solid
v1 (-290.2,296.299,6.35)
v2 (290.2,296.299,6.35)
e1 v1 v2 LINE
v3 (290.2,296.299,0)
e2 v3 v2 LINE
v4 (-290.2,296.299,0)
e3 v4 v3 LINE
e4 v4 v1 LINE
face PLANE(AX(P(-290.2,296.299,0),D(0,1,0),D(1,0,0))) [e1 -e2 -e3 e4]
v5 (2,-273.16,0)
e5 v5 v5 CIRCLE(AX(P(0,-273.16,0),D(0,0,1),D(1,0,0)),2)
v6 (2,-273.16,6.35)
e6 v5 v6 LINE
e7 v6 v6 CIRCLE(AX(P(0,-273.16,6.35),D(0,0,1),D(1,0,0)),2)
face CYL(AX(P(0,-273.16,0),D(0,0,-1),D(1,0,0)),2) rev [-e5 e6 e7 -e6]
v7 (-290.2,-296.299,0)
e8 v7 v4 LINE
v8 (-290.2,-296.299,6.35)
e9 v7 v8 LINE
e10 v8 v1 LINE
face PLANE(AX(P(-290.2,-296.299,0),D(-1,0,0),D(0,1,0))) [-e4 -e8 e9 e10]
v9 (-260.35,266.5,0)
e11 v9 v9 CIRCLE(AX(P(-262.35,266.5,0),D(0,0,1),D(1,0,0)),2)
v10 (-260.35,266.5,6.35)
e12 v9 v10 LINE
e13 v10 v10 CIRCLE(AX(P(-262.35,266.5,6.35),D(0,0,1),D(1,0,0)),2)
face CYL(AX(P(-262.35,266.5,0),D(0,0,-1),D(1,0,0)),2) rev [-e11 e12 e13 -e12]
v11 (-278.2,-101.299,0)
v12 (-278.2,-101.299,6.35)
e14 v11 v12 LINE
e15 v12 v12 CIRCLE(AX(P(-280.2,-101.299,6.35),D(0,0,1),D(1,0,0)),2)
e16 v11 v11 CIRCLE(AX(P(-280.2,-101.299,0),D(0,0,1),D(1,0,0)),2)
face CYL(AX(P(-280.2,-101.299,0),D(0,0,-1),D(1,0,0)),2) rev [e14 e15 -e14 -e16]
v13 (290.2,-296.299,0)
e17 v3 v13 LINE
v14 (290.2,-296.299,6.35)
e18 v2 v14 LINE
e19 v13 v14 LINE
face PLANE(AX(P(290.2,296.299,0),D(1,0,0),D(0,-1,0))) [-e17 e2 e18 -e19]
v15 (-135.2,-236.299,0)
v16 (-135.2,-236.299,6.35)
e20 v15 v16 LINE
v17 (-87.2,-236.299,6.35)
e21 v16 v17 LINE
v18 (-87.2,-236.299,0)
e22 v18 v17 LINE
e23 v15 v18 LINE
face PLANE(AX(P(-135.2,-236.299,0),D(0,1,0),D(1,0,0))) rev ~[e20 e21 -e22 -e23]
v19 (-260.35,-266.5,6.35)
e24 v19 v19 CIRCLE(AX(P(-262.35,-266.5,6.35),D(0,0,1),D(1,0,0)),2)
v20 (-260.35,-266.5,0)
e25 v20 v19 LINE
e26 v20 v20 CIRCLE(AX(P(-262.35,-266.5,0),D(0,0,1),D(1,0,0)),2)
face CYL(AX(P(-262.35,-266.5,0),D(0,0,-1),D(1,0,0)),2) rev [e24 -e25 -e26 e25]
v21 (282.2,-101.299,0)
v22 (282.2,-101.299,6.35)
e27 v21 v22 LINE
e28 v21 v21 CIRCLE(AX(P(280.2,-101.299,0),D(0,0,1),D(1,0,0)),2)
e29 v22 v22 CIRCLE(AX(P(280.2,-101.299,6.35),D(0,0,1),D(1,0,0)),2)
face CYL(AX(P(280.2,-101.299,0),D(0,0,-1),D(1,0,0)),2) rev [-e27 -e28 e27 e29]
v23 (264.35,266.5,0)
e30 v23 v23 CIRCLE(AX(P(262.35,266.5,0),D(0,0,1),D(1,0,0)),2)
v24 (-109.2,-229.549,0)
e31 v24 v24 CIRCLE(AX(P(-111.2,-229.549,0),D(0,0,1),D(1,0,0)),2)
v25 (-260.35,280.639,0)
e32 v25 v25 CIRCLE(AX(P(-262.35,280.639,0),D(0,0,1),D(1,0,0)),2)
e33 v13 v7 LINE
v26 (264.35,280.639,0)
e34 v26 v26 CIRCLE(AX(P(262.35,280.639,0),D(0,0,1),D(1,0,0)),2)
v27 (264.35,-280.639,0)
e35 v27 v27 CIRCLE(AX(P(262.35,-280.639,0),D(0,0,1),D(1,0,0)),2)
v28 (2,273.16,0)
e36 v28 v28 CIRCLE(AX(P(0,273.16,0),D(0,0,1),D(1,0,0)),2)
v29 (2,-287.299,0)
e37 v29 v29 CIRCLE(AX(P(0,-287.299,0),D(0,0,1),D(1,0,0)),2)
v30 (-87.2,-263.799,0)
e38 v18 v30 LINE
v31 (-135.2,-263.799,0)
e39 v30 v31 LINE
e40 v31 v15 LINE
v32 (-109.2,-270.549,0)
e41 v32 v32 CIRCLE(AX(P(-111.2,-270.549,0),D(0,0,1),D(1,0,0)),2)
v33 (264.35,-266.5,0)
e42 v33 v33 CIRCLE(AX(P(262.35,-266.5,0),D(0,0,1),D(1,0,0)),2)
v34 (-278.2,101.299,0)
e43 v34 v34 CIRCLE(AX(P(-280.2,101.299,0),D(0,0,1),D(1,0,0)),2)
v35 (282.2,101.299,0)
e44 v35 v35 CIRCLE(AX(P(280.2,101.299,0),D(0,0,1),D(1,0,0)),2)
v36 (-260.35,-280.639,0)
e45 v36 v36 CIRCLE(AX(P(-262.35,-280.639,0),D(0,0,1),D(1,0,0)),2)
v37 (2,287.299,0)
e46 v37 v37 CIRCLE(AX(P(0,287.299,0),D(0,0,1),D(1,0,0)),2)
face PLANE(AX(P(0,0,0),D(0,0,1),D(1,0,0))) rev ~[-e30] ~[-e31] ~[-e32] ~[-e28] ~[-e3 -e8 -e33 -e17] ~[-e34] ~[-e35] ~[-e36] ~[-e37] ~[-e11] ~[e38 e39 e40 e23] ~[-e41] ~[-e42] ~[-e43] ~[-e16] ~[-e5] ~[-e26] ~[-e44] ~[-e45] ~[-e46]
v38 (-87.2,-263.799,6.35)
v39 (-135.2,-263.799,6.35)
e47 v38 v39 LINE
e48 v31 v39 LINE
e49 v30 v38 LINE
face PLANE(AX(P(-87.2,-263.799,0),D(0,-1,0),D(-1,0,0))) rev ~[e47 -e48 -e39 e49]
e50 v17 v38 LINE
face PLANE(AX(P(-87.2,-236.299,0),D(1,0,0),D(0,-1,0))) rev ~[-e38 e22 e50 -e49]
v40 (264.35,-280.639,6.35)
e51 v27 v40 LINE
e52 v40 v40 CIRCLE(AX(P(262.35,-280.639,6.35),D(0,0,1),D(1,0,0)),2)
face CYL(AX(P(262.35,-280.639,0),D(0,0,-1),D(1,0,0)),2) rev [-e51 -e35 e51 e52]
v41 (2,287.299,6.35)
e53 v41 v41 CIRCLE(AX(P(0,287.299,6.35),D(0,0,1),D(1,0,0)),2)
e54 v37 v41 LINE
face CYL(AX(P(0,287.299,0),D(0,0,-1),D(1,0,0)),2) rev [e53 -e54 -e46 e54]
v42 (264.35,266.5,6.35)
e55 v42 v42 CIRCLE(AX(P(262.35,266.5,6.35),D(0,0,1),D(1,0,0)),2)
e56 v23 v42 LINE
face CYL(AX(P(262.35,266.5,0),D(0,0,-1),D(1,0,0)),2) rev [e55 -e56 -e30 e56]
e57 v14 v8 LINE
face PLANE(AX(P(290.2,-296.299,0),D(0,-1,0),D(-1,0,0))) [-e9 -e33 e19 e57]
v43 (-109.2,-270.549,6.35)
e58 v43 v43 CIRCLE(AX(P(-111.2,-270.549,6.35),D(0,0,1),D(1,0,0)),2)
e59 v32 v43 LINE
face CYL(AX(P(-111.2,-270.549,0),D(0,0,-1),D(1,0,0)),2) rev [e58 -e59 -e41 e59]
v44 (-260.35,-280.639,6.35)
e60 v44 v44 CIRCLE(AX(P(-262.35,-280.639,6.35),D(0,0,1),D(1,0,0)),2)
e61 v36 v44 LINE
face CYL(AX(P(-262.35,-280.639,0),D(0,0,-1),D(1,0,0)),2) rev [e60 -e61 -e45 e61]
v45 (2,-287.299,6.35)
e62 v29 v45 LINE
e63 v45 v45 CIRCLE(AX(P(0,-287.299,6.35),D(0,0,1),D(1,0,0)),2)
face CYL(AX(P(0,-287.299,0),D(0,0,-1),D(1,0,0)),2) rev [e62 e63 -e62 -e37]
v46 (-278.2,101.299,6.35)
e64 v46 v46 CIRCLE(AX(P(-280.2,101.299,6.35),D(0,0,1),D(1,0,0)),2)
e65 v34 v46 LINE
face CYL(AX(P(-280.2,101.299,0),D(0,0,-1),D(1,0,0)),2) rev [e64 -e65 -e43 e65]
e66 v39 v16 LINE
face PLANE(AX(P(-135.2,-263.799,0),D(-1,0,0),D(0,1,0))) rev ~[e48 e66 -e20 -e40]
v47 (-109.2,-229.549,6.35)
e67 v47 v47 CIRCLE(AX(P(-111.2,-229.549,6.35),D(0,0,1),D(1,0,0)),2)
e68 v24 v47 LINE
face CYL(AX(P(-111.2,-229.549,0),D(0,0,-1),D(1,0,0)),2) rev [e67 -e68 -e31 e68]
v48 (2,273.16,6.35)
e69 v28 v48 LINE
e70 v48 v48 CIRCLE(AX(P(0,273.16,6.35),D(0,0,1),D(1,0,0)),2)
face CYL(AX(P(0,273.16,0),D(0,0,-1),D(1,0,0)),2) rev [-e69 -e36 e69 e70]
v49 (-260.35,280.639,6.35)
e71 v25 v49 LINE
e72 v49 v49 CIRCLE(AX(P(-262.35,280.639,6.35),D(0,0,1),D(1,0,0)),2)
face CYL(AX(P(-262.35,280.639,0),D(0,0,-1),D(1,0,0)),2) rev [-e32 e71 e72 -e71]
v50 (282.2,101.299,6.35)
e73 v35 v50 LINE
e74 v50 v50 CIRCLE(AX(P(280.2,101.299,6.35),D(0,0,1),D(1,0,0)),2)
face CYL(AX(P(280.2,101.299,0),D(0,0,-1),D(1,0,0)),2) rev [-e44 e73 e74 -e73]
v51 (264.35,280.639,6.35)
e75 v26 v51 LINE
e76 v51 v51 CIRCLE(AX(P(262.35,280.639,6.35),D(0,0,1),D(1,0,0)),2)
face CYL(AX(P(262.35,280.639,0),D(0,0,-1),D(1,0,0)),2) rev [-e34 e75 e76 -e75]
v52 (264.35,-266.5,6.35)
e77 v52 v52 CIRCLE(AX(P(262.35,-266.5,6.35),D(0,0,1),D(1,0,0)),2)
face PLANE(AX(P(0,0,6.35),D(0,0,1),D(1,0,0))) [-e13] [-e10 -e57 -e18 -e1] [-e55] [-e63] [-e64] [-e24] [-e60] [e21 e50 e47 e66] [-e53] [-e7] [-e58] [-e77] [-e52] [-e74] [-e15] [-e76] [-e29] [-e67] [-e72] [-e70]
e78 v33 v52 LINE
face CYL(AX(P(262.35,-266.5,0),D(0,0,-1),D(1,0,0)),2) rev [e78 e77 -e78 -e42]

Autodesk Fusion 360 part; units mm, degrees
sketch "Sketch1" plane through (0, 0, 0) normal (0, 0, 1) x (1, 0, 0)
  line L0 (285.2, -291.299) -> (-285.2, -291.299)
  line L1 (-285.2, -291.299) -> (-285.2, 291.299)
  line L2 (-285.2, 291.299) -> (285.2, 291.299)
  line L3 (285.2, 291.299) -> (285.2, -291.299)
  line L4 (285.2, -291.299) -> (-285.2, 291.299) construction
  line L5 (-285.2, -291.299) -> (285.2, 291.299) construction
  line L6 (-262.35, 291.299) -> (-262.35, -291.299) construction
  circle A0 centre (-262.35, 280.639) radius 2
  circle A1 centre (-262.35, 266.5) radius 2
  circle A2 centre (-262.35, -280.639) radius 2
  circle A3 centre (-262.35, -266.5) radius 2
  line L7 (262.35, 291.299) -> (262.35, -291.299) construction
  circle A4 centre (262.35, 280.639) radius 2
  circle A5 centre (262.35, 266.5) radius 2
  circle A6 centre (262.35, -280.639) radius 2
  circle A7 centre (262.35, -266.5) radius 2
  line L8 (-262.35, -266.5) -> (262.35, -266.5) construction
  circle A8 centre (0, -273.16) radius 2
  line L9 (0, -291.299) -> (0, 291.299) construction
  circle A9 centre (0, 273.16) radius 2
  circle A10 centre (0, 287.299) radius 2
  circle A11 centre (0, -287.299) radius 2
  line L10 (-290.2, 296.299) -> (290.2, 296.299)
  line L11 (290.2, 296.299) -> (290.2, -296.299)
  line L12 (290.2, -296.299) -> (-290.2, -296.299)
  line L13 (-290.2, -296.299) -> (-290.2, 296.299)
  line L14 (-290.2, -101.299) -> (290.2, -101.299) construction
  line L15 (-290.2, 101.299) -> (290.2, 101.299) construction
  circle A12 centre (-280.2, 101.299) radius 2
  circle A13 centre (-280.2, -101.299) radius 2
  circle A14 centre (280.2, -101.299) radius 2
  circle A15 centre (280.2, 101.299) radius 2
  line L16 (-135.2, -236.299) -> (-87.2, -236.299)
  line L17 (-87.2, -236.299) -> (-87.2, -263.799)
  line L18 (-87.2, -263.799) -> (-135.2, -263.799)
  line L19 (-135.2, -263.799) -> (-135.2, -236.299)
  line L20 (-111.2, -221.3553) -> (-111.2, -265.3735) construction
  circle A16 centre (-111.2, -270.549) radius 2
  circle A17 centre (-111.2, -229.549) radius 2
  line L21 (-262.35, 266.5) -> (262.35, 266.5) construction
  line L22 (-262.35, -280.639) -> (262.35, -280.639) construction
  line L23 (262.35, 280.639) -> (-262.35, 280.639) construction
  dimension "d1" = 570.4
  dimension "d2" = 582.598
  dimension "d3" = 22.85
  dimension "d4" = 4
  dimension "d6" = 4
  dimension "d8" = 4
  dimension "d9" = 4
  dimension "d12" = 22.85
  dimension "d13" = 4
  dimension "d14" = 4
  dimension "d17" = 4
  dimension "d18" = 4
  dimension "d21" = 4
  dimension "d22" = 4
  dimension "d23" = 4
  dimension "d24" = 4
  dimension "d30" = 5
  dimension "d31" = 5
  dimension "d32" = 5
  dimension "d33" = 5
  dimension "d34" = 190
  dimension "d35" = 190
  dimension "d36" = 4
  dimension "d37" = 5
  dimension "d38" = 4
  dimension "d39" = 5
  dimension "d40" = 4
  dimension "d41" = 5
  dimension "d42" = 4
  dimension "d43" = 5
  dimension "d44" = 48
  dimension "d45" = 27.5
  dimension "d46" = 55
  dimension "d47" = 150
  dimension "d48" = 24
  dimension "d49" = 4
  dimension "d50" = 4
  dimension "d51" = 41
  dimension "d52" = 20.5
  dimension "d53" = 24.799
  dimension "d54" = 24.799
  dimension "d55" = 10.66
  dimension "d56" = 10.66
  dimension "d60" = 14.139
  dimension "d61" = 4
  dimension "d62" = 14.139
  dimension "d63" = 4
extrude "Extrude1" add sketch "Sketch1" along normal blind 6.35 contours L0 L1 L2 L3 | L10 L11 L12 L13 makes body 1
copy_body "Body->Comp1" bodies 1 removing the originals makes body 2 in component "back"
component "back" placed x (1, 0, 0) y (0, 1, 0) z (0, 0, 1) at (0, 0, 0)
equation "d1 = XRailLength + 220.4 mm"
equation "d2 = PrintHeight + 282.598 mm"
equation "d28 = ( 25.4 / 4 ) * 1 mm"
equation "d30 = WallThickness"
equation "d31 = WallThickness"
equation "d32 = WallThickness"
equation "d33 = WallThickness"
equation "WallThickness = 5 mm"
equation "XRailLength = 350 mm"
equation "PrintHeight = 300 mm"
